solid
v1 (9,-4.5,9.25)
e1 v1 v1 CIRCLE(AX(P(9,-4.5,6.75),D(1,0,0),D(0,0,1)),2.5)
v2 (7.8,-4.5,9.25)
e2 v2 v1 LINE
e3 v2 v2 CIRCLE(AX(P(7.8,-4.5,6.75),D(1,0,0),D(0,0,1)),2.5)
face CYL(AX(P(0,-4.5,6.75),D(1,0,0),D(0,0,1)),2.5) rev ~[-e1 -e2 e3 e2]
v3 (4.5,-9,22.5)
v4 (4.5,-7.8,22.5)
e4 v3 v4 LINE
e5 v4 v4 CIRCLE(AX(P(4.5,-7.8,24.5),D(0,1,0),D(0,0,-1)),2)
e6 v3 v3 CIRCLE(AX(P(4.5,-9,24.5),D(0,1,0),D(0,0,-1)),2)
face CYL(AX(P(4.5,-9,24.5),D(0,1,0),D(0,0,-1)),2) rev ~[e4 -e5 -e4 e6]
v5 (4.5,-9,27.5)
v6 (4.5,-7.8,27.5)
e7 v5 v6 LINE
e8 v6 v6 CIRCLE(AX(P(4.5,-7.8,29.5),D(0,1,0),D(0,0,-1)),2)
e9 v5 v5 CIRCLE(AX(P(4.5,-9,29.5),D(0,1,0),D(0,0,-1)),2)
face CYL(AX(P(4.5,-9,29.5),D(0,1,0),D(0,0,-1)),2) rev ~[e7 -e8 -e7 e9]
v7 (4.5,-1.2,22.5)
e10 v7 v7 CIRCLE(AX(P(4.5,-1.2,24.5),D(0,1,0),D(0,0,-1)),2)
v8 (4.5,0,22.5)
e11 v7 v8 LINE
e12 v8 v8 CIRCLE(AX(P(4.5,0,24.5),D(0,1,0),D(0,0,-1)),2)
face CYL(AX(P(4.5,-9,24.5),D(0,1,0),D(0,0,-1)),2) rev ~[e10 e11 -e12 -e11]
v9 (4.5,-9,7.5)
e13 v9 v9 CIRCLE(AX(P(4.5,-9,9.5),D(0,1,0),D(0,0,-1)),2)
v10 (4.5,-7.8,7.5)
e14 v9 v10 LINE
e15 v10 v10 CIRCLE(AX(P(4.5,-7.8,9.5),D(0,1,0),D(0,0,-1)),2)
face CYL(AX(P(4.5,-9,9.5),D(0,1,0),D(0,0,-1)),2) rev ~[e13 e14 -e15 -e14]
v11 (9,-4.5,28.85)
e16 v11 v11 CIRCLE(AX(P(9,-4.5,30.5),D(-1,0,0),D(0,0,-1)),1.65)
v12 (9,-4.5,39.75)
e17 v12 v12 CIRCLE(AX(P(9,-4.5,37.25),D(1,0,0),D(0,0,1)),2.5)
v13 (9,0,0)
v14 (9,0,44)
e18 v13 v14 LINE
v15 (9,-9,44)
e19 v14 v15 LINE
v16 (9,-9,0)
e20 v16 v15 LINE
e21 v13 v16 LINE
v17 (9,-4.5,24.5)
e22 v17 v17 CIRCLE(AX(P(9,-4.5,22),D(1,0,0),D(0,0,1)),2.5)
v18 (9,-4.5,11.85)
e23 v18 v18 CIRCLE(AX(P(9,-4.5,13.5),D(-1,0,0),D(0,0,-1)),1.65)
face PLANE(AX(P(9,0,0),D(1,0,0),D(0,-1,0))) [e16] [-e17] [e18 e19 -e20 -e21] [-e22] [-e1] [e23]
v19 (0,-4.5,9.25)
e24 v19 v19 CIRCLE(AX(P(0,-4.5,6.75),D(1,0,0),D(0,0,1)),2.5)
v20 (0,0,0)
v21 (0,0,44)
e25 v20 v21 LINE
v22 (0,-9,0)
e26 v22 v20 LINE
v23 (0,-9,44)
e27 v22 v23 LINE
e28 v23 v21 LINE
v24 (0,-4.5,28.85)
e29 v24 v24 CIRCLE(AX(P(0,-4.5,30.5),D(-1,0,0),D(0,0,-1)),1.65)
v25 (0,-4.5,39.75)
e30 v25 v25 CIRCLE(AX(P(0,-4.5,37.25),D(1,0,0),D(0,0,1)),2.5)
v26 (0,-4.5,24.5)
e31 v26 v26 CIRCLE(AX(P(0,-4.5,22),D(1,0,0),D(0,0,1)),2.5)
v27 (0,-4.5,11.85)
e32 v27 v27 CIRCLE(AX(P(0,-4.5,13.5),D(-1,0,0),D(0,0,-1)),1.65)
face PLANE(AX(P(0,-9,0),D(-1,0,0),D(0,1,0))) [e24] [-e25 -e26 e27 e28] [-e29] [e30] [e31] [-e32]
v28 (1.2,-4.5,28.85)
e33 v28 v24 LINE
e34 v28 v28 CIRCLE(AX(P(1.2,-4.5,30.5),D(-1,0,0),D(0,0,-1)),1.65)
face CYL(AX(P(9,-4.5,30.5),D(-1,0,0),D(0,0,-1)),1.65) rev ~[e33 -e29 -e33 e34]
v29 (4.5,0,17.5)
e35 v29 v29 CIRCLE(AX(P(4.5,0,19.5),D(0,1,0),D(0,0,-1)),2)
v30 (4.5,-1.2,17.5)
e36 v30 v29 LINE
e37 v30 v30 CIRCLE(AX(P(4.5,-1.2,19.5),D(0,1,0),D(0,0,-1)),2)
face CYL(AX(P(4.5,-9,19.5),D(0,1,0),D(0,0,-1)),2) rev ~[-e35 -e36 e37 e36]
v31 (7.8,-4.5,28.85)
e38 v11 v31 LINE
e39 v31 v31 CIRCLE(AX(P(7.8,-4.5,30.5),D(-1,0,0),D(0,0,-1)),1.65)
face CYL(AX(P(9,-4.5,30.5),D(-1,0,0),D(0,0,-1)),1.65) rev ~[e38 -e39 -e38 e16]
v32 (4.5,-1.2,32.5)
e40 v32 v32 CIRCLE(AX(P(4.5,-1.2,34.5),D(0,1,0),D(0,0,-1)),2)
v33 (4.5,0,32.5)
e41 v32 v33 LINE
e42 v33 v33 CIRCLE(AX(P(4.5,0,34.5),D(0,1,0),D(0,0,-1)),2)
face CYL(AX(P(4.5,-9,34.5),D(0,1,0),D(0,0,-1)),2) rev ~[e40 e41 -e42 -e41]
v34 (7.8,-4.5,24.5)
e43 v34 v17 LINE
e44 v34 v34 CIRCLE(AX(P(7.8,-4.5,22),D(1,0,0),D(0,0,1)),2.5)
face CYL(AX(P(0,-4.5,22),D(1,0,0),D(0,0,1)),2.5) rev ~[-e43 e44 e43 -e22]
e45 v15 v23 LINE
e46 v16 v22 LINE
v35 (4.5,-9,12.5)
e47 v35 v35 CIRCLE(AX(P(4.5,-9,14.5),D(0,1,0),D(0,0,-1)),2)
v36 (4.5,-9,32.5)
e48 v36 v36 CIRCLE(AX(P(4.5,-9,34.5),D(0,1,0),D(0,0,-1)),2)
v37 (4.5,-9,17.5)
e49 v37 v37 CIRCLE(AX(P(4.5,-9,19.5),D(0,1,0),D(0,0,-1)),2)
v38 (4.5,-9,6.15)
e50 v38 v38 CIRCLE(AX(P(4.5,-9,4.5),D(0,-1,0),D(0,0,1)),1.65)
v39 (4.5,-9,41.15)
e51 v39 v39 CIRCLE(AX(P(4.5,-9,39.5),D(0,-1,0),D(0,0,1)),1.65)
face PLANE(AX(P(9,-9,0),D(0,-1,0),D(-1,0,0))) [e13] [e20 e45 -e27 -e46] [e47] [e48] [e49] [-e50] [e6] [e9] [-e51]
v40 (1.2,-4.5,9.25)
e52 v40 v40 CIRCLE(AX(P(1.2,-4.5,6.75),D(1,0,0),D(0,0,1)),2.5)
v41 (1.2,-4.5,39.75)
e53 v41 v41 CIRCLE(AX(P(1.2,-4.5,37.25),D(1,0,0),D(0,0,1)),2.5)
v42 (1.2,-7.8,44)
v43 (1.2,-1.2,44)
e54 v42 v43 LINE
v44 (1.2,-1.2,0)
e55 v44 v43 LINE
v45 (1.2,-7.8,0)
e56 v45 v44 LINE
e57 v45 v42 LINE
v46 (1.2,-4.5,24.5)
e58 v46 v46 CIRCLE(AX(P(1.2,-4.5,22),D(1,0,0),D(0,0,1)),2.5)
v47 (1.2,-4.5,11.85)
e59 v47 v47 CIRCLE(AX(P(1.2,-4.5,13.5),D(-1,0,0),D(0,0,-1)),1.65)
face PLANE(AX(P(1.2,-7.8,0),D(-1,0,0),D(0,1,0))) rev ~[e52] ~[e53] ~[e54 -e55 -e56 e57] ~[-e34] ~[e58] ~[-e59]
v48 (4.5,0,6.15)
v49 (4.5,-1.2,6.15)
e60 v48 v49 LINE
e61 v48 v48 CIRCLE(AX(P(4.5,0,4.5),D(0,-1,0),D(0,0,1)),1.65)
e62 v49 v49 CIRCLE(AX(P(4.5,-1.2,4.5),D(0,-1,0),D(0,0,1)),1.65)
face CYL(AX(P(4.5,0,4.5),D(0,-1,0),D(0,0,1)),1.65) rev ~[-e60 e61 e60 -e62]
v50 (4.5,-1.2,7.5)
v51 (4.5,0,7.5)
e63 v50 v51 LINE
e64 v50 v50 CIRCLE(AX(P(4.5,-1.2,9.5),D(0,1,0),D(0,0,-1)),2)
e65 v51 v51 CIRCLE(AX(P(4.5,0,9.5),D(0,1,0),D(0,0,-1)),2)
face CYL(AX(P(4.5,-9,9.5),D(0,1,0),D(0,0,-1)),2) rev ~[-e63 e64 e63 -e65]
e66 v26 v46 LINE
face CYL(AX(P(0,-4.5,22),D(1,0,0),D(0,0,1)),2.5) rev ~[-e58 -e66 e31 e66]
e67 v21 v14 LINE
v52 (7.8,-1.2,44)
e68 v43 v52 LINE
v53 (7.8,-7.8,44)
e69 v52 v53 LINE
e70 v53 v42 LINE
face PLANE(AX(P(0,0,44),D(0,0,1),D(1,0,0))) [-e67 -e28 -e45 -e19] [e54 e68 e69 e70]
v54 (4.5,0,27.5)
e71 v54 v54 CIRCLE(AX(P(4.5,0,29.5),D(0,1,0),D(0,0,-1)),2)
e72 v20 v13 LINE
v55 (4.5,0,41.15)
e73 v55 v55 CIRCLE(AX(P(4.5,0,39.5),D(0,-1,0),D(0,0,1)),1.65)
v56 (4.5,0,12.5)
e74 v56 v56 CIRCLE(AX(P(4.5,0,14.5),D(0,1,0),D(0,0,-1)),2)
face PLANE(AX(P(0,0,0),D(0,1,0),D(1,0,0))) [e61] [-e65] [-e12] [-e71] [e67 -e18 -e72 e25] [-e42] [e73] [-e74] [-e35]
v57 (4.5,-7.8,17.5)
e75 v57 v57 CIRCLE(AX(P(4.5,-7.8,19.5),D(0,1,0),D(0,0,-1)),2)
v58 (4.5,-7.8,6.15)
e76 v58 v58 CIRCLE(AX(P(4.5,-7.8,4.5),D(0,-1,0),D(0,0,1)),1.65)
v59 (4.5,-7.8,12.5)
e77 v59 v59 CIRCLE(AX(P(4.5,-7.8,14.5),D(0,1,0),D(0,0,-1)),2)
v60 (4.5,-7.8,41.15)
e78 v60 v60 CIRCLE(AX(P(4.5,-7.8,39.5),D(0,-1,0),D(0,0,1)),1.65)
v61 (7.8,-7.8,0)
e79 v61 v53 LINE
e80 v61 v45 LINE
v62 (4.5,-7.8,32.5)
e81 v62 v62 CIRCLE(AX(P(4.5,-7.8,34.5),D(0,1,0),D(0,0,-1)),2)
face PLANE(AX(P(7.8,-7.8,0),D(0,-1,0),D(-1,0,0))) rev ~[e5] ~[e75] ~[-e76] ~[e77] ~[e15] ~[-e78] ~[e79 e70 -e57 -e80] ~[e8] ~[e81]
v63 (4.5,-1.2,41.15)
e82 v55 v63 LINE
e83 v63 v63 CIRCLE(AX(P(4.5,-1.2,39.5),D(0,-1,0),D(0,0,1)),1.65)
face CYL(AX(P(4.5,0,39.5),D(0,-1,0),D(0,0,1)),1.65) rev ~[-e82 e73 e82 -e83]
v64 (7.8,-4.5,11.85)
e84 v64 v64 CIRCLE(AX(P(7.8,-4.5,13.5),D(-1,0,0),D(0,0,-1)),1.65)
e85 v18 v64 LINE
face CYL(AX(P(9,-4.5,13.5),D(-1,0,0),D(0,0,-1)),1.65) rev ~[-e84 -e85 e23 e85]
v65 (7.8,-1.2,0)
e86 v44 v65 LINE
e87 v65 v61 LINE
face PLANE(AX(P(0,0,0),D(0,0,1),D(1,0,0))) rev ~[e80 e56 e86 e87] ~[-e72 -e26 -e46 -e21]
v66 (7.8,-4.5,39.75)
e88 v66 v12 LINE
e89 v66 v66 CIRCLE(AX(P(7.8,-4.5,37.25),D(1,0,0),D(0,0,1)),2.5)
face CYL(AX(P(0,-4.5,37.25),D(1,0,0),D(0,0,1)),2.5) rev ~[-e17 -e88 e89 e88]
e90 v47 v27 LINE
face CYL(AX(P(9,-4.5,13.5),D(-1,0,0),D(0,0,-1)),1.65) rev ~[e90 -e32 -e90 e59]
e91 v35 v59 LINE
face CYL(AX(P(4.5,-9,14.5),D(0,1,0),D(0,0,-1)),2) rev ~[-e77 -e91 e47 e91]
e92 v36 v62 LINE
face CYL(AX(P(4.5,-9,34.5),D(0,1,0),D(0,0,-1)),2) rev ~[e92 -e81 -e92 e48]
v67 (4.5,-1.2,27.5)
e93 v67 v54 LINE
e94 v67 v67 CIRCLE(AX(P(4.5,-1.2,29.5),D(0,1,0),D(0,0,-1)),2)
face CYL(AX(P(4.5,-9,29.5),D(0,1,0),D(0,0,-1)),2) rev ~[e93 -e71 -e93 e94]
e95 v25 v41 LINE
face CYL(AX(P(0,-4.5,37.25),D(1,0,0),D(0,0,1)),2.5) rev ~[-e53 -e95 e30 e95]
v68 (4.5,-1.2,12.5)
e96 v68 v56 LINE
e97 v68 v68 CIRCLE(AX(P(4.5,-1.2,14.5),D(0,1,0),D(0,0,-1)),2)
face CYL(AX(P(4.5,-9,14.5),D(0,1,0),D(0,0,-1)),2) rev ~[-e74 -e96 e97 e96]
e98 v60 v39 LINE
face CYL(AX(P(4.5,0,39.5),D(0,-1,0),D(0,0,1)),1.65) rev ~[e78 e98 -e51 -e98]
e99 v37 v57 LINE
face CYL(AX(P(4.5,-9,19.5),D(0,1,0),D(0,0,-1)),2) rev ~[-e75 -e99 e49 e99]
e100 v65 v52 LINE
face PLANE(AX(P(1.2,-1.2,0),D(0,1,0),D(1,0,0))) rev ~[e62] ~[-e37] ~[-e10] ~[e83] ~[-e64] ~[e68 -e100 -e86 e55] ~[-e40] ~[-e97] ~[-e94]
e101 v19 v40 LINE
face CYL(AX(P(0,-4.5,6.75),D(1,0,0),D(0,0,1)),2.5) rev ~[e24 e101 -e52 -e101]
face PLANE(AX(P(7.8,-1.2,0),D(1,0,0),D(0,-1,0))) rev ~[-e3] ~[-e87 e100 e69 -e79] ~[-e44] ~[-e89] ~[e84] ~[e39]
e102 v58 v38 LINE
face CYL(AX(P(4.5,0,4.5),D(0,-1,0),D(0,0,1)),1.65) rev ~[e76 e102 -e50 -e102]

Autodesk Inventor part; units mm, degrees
ref_plane "YZ Plane" through (0, 0, 0) normal (1, 0, 0) x (0, 1, 0)
ref_plane "XZ Plane" through (0, 0, 0) normal (0, 1, 0) x (-1, 0, 0)
ref_plane "XY Plane" through (0, 0, 0) normal (0, 0, 1) x (1, 0, 0)
sketch "スケッチ1" plane through (0, 0, 0) normal (0, 0, 1) x (1, 0, 0)
  line L0 (0, 0) -> (9, 0)
  line L1 (9, 0) -> (9, -9)
  line L2 (9, -9) -> (0, -9)
  line L3 (0, -9) -> (0, 0)
  line L4 (1.2, -1.2) -> (7.8, -1.2)
  line L5 (7.8, -1.2) -> (7.8, -7.8)
  line L6 (7.8, -7.8) -> (1.2, -7.8)
  line L7 (1.2, -7.8) -> (1.2, -1.2)
  dimension "d0" = 9
  dimension "d1" = 9
  dimension "d2" = 1.2
  dimension "d3" = 1.2
  dimension "d4" = 1.2
  dimension "d5" = 1.2
extrude "押し出し1" add sketch "スケッチ1" along normal blind 44
sketch "スケッチ2" plane through (0, 0, 0) normal (0, 1, 0) x (1, 0, 0)
  line L0 (0, 0) -> (0, -44) projected
  line L1 (9, 0) -> (0, 0) projected
  line L2 (0, -44) -> (9, -44) projected
  point P0 (4.5, -39.5)
  point P1 (4.5, -4.5)
  dimension "d8" = 4.5
  dimension "d26" = 4.5
  dimension "d27" = 4.5
  dimension "d28" = 4.5
hole "穴1" at (4.5, 0, 39.5) at (4.5, 0, 4.5) direction (0, -1, 0) diameter 3.3 end through all
sketch "スケッチ3" plane through (9, -9, 0) normal (1, 0, 0) x (0, 0, -1)
  line L0 (-44, 0) -> (-44, 9) projected
  line L1 (0, 9) -> (-44, 9) projected
  line L2 (0, 0) -> (0, 9) projected
  point P0 (-30.5, 4.5)
  point P1 (-13.5, 4.5)
  dimension "d17" = 13.5
  dimension "d18" = 4.5
  dimension "d29" = 13.5
  dimension "d30" = 4.5
hole "穴2" at (9, -4.5, 30.5) at (9, -4.5, 13.5) direction (-1, 0, 0) diameter 3.3 end through all
sketch "スケッチ4" plane through (0, -9, 0) normal (0, -1, 0) x (1, 0, 0)
  line L0 (9, 0) -> (9, 44) projected
  circle A0 centre (4.5, 39.5) radius 1.65 projected
  point P0 (0, 0)
  point P1 (4.5, 34.5)
  point P2 (4.5, 29.5)
  point P3 (4.5, 24.5)
  point P4 (4.5, 19.5)
  point P5 (4.5, 14.5)
  point P6 (4.5, 9.5)
  dimension "d31" = 4.5
  dimension "d32" = 5
  dimension "d35" = 5
hole "穴3" at (4.5, -9, 34.5) at (4.5, -9, 29.5) at (4.5, -9, 24.5) at (4.5, -9, 19.5) at (4.5, -9, 14.5) at (4.5, -9, 9.5) direction (0, 1, 0) diameter 4 end through all
sketch "スケッチ5" plane through (0, -9, 0) normal (-1, 0, 0) x (0, 0, 1)
  circle A0 centre (13.5, 4.5) radius 1.65 projected
  line L0 (0, 9) -> (0, 0) projected
  line L1 (44, 9) -> (44, 0) projected
  line L2 (0, 9) -> (44, 9) projected
  circle A1 centre (30.5, 4.5) radius 1.65 projected
  point P0 (6.75, 4.5)
  point P1 (37.25, 4.5)
  point P2 (22, 4.5)
  dimension "d47" = 13.5
  dimension "d48" = 6.75
  dimension "d49" = 6.75
  dimension "d50" = 4.5
  dimension "d51" = 4.5
  dimension "d52" = 4.5
  dimension "d53" = 17
  dimension "d54" = 8.5
hole "穴4" at (0, -4.5, 6.75) at (0, -4.5, 37.25) at (0, -4.5, 22) direction (1, 0, 0) diameter 5 end through all
equation "\"d3\" = d2"
equation "\"d4\" = d3"
equation "\"d5\" = d2"
equation "\"d26\" = d27"
equation "\"d28\" = d8"
equation "\"d29\" = d17"
equation "\"d30\" = d18"
equation "\"d48\" = 0.5 * d47"
equation "\"d49\" = d48"
equation "\"d51\" = d50"
equation "\"d52\" = d50"
equation "\"d54\" = 0.5 * d53"
properties part number "ハンド9x9_2" material "アルミニウム 6061"
